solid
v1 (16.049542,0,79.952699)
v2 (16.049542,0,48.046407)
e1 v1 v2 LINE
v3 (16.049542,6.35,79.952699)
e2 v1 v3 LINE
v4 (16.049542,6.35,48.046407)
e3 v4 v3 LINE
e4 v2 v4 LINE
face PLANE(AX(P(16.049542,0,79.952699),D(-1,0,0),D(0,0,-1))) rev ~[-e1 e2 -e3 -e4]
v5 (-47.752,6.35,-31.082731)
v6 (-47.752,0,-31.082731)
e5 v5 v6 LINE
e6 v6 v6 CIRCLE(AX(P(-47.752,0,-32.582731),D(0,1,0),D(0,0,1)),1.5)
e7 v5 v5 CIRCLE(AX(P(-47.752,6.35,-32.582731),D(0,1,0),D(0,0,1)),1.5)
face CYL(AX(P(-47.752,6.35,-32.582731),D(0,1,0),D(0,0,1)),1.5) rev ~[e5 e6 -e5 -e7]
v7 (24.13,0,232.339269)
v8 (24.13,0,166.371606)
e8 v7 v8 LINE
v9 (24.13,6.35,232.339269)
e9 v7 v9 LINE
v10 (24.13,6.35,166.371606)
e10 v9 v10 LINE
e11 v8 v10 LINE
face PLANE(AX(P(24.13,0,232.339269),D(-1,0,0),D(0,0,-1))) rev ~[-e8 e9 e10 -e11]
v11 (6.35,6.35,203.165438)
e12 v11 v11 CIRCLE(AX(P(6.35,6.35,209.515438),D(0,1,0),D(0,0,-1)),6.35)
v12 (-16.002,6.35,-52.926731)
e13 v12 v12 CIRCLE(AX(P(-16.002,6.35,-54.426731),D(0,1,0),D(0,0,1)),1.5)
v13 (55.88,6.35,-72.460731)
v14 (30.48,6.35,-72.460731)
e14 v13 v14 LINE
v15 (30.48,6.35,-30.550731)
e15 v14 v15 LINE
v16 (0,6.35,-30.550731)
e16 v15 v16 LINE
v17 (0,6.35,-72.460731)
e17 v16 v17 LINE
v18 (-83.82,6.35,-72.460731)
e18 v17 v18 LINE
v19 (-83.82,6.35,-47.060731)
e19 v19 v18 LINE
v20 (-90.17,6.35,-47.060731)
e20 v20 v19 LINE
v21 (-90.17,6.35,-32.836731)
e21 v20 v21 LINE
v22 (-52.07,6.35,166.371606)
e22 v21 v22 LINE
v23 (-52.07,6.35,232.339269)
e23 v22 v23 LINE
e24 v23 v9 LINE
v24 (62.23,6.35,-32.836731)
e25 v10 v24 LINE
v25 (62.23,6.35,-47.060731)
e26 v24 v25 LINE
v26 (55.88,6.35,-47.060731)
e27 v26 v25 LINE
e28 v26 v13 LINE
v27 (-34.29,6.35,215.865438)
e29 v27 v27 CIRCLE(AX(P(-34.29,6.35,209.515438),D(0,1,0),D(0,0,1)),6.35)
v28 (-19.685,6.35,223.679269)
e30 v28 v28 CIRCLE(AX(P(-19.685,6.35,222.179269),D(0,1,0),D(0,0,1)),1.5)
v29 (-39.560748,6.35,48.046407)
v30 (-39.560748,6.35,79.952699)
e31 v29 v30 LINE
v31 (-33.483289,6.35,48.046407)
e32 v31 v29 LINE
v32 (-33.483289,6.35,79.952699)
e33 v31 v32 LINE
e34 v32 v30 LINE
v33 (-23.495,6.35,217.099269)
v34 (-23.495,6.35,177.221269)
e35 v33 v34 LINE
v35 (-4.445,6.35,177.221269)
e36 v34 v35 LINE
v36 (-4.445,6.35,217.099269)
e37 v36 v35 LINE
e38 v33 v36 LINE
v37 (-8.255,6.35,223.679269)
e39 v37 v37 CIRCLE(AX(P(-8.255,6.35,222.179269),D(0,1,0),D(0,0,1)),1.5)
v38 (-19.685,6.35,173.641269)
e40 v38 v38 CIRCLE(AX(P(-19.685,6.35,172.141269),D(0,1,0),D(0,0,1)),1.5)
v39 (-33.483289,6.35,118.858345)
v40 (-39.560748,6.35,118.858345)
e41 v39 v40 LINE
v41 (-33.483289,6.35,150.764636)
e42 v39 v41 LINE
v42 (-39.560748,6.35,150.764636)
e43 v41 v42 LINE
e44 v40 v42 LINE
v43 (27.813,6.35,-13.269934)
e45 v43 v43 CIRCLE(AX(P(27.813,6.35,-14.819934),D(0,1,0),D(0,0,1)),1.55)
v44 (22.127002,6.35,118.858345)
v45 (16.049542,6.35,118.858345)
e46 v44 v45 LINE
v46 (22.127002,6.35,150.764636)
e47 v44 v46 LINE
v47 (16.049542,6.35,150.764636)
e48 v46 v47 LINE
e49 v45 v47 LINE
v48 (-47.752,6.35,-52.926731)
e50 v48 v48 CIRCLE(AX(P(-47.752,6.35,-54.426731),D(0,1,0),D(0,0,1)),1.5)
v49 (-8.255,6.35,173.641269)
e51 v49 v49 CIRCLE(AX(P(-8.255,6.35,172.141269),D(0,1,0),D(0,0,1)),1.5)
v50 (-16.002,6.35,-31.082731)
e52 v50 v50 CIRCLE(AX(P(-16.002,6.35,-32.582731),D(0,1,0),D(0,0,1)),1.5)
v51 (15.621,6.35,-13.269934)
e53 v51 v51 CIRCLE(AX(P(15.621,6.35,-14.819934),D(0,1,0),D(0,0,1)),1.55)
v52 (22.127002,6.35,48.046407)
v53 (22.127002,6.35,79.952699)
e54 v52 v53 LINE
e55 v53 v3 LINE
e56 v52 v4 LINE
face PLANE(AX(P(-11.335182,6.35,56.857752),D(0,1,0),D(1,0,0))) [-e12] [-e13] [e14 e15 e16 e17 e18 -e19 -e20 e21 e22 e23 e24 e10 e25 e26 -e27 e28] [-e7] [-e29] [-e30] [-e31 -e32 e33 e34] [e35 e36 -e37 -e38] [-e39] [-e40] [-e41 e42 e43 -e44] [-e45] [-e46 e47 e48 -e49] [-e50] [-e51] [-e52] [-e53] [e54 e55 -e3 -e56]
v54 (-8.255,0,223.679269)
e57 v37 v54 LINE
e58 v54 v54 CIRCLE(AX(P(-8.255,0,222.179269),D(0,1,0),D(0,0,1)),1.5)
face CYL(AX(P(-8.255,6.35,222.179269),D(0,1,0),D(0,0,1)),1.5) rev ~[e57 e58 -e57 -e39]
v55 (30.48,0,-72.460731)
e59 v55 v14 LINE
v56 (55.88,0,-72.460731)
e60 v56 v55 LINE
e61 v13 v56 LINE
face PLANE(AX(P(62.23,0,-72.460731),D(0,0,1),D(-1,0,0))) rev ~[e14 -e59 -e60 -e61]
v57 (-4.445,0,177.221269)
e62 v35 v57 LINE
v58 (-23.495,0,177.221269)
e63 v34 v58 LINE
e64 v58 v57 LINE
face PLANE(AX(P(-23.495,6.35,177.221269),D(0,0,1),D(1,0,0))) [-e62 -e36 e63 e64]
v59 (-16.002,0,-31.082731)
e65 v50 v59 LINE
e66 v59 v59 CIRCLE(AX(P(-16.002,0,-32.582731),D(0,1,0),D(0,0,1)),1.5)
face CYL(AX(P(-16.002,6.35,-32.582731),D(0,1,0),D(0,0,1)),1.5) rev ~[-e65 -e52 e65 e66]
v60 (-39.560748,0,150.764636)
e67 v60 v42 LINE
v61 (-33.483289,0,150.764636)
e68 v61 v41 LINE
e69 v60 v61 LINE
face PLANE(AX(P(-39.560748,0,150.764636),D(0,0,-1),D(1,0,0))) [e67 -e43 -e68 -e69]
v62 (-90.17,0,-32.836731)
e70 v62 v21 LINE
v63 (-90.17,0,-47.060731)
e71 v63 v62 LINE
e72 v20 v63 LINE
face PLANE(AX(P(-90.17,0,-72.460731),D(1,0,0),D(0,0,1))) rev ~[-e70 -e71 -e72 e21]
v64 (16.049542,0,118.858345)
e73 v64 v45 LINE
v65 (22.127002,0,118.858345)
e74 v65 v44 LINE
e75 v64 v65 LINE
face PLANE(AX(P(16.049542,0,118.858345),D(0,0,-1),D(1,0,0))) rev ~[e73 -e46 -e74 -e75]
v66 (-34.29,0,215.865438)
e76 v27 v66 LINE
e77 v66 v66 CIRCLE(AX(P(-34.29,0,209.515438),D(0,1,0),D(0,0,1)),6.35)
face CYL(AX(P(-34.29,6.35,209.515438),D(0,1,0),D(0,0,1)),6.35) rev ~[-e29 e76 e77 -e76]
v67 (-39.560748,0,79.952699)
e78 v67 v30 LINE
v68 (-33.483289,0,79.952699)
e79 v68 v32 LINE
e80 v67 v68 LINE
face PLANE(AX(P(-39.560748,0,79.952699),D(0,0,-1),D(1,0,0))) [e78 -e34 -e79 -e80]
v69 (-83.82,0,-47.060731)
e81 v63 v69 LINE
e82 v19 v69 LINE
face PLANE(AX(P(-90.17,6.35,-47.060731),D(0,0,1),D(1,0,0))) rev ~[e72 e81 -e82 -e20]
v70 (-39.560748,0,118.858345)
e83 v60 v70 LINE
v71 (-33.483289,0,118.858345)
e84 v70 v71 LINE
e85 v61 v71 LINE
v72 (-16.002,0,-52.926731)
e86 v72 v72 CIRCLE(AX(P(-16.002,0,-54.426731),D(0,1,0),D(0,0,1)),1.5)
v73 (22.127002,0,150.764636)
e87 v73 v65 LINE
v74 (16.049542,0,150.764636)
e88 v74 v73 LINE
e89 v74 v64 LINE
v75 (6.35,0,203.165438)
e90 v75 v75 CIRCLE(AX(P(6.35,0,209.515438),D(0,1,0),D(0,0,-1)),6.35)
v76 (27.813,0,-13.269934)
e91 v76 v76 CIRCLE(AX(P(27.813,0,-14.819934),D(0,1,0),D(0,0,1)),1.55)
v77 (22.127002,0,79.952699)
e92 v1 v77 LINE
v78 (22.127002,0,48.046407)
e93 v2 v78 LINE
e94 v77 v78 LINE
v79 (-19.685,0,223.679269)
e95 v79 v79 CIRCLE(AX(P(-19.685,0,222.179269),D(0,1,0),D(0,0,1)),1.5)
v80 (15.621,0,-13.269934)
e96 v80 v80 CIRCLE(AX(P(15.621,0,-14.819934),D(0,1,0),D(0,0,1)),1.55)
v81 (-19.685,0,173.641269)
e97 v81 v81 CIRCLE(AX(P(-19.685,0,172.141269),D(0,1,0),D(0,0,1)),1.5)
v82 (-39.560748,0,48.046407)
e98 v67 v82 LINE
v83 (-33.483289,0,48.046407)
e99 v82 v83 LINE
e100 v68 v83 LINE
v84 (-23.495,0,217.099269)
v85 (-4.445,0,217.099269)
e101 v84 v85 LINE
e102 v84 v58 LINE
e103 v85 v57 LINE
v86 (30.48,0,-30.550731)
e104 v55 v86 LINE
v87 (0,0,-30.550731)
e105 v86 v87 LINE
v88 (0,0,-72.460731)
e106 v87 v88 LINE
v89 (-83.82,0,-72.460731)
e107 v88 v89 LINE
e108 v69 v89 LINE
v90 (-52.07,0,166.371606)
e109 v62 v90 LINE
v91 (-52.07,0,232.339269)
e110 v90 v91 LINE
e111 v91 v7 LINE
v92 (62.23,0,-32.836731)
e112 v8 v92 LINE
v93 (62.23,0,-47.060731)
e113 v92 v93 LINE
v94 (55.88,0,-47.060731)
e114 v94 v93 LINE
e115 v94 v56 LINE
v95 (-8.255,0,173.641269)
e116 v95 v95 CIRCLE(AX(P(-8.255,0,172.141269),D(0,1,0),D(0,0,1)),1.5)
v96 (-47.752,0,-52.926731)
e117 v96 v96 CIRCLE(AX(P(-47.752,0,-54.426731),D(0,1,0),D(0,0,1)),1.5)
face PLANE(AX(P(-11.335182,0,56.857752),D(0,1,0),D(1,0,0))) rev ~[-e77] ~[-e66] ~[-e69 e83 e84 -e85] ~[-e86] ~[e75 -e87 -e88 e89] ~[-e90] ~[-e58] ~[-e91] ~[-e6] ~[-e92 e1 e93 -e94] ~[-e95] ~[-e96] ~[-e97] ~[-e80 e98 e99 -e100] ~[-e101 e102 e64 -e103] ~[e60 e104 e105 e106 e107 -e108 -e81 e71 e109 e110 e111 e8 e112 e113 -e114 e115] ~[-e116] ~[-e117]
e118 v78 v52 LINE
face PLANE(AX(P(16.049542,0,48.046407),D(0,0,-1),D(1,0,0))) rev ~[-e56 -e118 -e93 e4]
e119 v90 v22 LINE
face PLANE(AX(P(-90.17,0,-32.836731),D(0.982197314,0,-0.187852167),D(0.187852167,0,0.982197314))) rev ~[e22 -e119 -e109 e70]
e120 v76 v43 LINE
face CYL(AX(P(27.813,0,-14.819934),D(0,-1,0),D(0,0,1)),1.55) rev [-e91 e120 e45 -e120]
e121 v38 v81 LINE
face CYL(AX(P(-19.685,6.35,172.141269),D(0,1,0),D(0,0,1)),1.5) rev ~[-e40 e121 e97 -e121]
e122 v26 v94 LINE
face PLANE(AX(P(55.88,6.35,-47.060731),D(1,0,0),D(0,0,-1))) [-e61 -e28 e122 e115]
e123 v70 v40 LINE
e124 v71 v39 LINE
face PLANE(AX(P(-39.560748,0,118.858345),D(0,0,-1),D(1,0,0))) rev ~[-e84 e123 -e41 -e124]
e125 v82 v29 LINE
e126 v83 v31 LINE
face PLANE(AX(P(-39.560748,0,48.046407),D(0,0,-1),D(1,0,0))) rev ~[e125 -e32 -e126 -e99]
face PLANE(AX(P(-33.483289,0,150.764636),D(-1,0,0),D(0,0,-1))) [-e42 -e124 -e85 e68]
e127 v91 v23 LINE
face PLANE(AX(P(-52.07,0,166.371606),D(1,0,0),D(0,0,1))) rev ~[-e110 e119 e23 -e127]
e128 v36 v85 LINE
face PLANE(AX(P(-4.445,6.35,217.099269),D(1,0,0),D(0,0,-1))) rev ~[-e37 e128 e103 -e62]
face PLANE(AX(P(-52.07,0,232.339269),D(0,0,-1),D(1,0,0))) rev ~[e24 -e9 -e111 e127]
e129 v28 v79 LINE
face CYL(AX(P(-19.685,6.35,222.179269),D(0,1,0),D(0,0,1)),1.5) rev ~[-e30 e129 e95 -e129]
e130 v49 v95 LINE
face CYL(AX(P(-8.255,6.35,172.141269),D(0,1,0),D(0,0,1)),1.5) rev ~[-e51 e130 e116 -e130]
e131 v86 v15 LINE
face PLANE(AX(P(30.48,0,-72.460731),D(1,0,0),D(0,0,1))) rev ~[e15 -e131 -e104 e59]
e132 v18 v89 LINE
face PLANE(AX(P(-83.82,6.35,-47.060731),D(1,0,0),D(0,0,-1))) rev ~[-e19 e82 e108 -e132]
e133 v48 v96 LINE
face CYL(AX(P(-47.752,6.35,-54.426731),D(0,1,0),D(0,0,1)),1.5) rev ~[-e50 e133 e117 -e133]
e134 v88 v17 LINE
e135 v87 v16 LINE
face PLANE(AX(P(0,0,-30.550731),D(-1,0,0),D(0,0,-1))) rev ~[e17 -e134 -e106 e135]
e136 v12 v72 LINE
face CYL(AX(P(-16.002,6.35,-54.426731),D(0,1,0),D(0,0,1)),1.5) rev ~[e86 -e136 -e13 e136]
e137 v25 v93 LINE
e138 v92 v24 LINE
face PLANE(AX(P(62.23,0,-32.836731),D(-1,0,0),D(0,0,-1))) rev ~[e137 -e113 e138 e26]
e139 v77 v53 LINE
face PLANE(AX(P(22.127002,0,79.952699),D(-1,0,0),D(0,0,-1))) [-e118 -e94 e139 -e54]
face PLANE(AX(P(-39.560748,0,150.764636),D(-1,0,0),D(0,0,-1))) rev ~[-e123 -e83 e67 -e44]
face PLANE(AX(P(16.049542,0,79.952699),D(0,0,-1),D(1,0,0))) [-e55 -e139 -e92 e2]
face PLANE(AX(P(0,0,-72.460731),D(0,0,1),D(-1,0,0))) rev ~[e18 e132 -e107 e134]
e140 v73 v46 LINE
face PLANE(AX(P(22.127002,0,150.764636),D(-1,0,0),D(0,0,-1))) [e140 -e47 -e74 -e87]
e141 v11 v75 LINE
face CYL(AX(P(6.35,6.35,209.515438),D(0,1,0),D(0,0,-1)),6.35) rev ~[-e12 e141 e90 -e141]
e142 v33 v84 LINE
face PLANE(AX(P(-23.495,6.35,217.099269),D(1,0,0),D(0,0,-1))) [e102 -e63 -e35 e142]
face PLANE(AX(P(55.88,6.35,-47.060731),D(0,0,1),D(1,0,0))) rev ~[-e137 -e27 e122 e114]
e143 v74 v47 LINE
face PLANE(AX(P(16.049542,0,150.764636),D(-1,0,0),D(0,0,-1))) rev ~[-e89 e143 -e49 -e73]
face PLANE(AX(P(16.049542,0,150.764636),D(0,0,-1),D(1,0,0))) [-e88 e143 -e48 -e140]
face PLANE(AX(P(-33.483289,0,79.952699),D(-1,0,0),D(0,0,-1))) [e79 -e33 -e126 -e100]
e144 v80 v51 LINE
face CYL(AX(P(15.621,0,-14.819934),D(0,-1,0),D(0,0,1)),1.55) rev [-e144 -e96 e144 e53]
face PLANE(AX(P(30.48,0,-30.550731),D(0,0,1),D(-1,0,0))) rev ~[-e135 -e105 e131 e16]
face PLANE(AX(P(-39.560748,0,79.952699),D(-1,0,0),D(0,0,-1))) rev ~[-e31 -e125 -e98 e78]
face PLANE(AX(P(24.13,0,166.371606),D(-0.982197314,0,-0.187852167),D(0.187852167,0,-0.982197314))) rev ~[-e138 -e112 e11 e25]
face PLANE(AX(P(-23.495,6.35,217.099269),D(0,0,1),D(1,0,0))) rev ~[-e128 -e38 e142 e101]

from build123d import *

# Parameters (mm, degrees)
SKETCH1_R           = 1.55
BOSS_EXTRUDE1_DEPTH = 6.35
SKETCH4_R           = 6.35
SKETCH4_W           = 6.35
SKETCH4_H           = 25.4
CUT_EXTRUDE2_DEPTH  = 250.304006214
SKETCH5_R           = 1.5
SKETCH5_W           = 19.05
SKETCH5_H           = 39.878
CUT_EXTRUDE3_DEPTH  = 250.304006214
SKETCH9_W           = 6.077459071
SKETCH9_H           = 31.906291655
SKETCH9_H_2         = 31.906291656
CUT_EXTRUDE4_DEPTH  = 37.338


with BuildPart() as part:
    # Sketch1 → Boss-Extrude1 (new body)
    with BuildSketch(Plane(origin=(0, 0, 0), x_dir=(1, 0, 0), z_dir=(0, 1, 0))):
        Polygon((-90.17, 72.46073058), (-90.17, 32.83673058), (-52.07, -166.371605632), (-52.07, -232.33926942), (24.13, -232.33926942), (24.13, -166.371605632), (62.23, 32.83673058), (62.23, 72.46073058), (30.48, 72.46073058), (30.48, 30.55073058), (0, 30.55073058), (0, 72.46073058), align=None)
        with Locations(Location((15.621, 14.819934213, 0), (0, 0, 270))):
            Circle(SKETCH1_R, mode=Mode.SUBTRACT)
        with Locations(Location((27.813, 14.819934213, 0), (0, 0, 270))):
            Circle(SKETCH1_R, mode=Mode.SUBTRACT)
    extrude(amount=BOSS_EXTRUDE1_DEPTH)

    # Sketch4 → Cut-Extrude2 (cut, through all)
    with BuildSketch(Plane(origin=(0, 6.35, 0), x_dir=(1, 0, 0), z_dir=(0, 1, 0))):
        with Locations(Location((-34.29, -209.515437526, 0), (0, 0, 270))):
            Circle(SKETCH4_R)
        with Locations(Location((6.35, -209.515437526, 0), (0, 0, 90))):
            Circle(SKETCH4_R)
        with Locations((59.055, 59.76073058)):
            Rectangle(SKETCH4_W, SKETCH4_H)
        with Locations((-86.995, 59.76073058)):
            Rectangle(SKETCH4_W, SKETCH4_H)
    extrude(amount=-CUT_EXTRUDE2_DEPTH, mode=Mode.SUBTRACT)

    # Sketch5 → Cut-Extrude3 (cut, through all)
    with BuildSketch(Plane(origin=(0, 6.35, 0), x_dir=(1, 0, 0), z_dir=(0, 1, 0))):
        with Locations(Location((-19.685, -222.17926942, 0), (0, 0, 270))):
            Circle(SKETCH5_R)
        with Locations(Location((-8.255, -222.17926942, 0), (0, 0, 270))):
            Circle(SKETCH5_R)
        with Locations(Location((-19.685, -172.14126942, 0), (0, 0, 270))):
            Circle(SKETCH5_R)
        with Locations(Location((-8.255, -172.14126942, 0), (0, 0, 270))):
            Circle(SKETCH5_R)
        with Locations(Location((-16.002, 54.42673058, 0), (0, 0, 270))):
            Circle(SKETCH5_R)
        with Locations(Location((-47.752, 54.42673058, 0), (0, 0, 270))):
            Circle(SKETCH5_R)
        with Locations(Location((-47.752, 32.58273058, 0), (0, 0, 270))):
            Circle(SKETCH5_R)
        with Locations(Location((-16.002, 32.58273058, 0), (0, 0, 270))):
            Circle(SKETCH5_R)
        with Locations((-13.97, -197.16026942)):
            Rectangle(SKETCH5_W, SKETCH5_H)
    extrude(amount=-CUT_EXTRUDE3_DEPTH, mode=Mode.SUBTRACT)

    # Sketch9 → Cut-Extrude4 (cut)
    with BuildSketch(Plane(origin=(0, 0, 0), x_dir=(1, 0, 0), z_dir=(0, 1, 0))):
        with Locations((19.088272024, -134.811490569)):
            Rectangle(SKETCH9_W, SKETCH9_H)
        with Locations((19.088272024, -63.999553047)):
            Rectangle(SKETCH9_W, SKETCH9_H_2)
        with Locations((-36.522018281, -134.811490569)):
            Rectangle(SKETCH9_W, SKETCH9_H)
        with Locations((-36.522018281, -63.999553047)):
            Rectangle(SKETCH9_W, SKETCH9_H_2)
    extrude(amount=CUT_EXTRUDE4_DEPTH, mode=Mode.SUBTRACT)


solid = part.part
